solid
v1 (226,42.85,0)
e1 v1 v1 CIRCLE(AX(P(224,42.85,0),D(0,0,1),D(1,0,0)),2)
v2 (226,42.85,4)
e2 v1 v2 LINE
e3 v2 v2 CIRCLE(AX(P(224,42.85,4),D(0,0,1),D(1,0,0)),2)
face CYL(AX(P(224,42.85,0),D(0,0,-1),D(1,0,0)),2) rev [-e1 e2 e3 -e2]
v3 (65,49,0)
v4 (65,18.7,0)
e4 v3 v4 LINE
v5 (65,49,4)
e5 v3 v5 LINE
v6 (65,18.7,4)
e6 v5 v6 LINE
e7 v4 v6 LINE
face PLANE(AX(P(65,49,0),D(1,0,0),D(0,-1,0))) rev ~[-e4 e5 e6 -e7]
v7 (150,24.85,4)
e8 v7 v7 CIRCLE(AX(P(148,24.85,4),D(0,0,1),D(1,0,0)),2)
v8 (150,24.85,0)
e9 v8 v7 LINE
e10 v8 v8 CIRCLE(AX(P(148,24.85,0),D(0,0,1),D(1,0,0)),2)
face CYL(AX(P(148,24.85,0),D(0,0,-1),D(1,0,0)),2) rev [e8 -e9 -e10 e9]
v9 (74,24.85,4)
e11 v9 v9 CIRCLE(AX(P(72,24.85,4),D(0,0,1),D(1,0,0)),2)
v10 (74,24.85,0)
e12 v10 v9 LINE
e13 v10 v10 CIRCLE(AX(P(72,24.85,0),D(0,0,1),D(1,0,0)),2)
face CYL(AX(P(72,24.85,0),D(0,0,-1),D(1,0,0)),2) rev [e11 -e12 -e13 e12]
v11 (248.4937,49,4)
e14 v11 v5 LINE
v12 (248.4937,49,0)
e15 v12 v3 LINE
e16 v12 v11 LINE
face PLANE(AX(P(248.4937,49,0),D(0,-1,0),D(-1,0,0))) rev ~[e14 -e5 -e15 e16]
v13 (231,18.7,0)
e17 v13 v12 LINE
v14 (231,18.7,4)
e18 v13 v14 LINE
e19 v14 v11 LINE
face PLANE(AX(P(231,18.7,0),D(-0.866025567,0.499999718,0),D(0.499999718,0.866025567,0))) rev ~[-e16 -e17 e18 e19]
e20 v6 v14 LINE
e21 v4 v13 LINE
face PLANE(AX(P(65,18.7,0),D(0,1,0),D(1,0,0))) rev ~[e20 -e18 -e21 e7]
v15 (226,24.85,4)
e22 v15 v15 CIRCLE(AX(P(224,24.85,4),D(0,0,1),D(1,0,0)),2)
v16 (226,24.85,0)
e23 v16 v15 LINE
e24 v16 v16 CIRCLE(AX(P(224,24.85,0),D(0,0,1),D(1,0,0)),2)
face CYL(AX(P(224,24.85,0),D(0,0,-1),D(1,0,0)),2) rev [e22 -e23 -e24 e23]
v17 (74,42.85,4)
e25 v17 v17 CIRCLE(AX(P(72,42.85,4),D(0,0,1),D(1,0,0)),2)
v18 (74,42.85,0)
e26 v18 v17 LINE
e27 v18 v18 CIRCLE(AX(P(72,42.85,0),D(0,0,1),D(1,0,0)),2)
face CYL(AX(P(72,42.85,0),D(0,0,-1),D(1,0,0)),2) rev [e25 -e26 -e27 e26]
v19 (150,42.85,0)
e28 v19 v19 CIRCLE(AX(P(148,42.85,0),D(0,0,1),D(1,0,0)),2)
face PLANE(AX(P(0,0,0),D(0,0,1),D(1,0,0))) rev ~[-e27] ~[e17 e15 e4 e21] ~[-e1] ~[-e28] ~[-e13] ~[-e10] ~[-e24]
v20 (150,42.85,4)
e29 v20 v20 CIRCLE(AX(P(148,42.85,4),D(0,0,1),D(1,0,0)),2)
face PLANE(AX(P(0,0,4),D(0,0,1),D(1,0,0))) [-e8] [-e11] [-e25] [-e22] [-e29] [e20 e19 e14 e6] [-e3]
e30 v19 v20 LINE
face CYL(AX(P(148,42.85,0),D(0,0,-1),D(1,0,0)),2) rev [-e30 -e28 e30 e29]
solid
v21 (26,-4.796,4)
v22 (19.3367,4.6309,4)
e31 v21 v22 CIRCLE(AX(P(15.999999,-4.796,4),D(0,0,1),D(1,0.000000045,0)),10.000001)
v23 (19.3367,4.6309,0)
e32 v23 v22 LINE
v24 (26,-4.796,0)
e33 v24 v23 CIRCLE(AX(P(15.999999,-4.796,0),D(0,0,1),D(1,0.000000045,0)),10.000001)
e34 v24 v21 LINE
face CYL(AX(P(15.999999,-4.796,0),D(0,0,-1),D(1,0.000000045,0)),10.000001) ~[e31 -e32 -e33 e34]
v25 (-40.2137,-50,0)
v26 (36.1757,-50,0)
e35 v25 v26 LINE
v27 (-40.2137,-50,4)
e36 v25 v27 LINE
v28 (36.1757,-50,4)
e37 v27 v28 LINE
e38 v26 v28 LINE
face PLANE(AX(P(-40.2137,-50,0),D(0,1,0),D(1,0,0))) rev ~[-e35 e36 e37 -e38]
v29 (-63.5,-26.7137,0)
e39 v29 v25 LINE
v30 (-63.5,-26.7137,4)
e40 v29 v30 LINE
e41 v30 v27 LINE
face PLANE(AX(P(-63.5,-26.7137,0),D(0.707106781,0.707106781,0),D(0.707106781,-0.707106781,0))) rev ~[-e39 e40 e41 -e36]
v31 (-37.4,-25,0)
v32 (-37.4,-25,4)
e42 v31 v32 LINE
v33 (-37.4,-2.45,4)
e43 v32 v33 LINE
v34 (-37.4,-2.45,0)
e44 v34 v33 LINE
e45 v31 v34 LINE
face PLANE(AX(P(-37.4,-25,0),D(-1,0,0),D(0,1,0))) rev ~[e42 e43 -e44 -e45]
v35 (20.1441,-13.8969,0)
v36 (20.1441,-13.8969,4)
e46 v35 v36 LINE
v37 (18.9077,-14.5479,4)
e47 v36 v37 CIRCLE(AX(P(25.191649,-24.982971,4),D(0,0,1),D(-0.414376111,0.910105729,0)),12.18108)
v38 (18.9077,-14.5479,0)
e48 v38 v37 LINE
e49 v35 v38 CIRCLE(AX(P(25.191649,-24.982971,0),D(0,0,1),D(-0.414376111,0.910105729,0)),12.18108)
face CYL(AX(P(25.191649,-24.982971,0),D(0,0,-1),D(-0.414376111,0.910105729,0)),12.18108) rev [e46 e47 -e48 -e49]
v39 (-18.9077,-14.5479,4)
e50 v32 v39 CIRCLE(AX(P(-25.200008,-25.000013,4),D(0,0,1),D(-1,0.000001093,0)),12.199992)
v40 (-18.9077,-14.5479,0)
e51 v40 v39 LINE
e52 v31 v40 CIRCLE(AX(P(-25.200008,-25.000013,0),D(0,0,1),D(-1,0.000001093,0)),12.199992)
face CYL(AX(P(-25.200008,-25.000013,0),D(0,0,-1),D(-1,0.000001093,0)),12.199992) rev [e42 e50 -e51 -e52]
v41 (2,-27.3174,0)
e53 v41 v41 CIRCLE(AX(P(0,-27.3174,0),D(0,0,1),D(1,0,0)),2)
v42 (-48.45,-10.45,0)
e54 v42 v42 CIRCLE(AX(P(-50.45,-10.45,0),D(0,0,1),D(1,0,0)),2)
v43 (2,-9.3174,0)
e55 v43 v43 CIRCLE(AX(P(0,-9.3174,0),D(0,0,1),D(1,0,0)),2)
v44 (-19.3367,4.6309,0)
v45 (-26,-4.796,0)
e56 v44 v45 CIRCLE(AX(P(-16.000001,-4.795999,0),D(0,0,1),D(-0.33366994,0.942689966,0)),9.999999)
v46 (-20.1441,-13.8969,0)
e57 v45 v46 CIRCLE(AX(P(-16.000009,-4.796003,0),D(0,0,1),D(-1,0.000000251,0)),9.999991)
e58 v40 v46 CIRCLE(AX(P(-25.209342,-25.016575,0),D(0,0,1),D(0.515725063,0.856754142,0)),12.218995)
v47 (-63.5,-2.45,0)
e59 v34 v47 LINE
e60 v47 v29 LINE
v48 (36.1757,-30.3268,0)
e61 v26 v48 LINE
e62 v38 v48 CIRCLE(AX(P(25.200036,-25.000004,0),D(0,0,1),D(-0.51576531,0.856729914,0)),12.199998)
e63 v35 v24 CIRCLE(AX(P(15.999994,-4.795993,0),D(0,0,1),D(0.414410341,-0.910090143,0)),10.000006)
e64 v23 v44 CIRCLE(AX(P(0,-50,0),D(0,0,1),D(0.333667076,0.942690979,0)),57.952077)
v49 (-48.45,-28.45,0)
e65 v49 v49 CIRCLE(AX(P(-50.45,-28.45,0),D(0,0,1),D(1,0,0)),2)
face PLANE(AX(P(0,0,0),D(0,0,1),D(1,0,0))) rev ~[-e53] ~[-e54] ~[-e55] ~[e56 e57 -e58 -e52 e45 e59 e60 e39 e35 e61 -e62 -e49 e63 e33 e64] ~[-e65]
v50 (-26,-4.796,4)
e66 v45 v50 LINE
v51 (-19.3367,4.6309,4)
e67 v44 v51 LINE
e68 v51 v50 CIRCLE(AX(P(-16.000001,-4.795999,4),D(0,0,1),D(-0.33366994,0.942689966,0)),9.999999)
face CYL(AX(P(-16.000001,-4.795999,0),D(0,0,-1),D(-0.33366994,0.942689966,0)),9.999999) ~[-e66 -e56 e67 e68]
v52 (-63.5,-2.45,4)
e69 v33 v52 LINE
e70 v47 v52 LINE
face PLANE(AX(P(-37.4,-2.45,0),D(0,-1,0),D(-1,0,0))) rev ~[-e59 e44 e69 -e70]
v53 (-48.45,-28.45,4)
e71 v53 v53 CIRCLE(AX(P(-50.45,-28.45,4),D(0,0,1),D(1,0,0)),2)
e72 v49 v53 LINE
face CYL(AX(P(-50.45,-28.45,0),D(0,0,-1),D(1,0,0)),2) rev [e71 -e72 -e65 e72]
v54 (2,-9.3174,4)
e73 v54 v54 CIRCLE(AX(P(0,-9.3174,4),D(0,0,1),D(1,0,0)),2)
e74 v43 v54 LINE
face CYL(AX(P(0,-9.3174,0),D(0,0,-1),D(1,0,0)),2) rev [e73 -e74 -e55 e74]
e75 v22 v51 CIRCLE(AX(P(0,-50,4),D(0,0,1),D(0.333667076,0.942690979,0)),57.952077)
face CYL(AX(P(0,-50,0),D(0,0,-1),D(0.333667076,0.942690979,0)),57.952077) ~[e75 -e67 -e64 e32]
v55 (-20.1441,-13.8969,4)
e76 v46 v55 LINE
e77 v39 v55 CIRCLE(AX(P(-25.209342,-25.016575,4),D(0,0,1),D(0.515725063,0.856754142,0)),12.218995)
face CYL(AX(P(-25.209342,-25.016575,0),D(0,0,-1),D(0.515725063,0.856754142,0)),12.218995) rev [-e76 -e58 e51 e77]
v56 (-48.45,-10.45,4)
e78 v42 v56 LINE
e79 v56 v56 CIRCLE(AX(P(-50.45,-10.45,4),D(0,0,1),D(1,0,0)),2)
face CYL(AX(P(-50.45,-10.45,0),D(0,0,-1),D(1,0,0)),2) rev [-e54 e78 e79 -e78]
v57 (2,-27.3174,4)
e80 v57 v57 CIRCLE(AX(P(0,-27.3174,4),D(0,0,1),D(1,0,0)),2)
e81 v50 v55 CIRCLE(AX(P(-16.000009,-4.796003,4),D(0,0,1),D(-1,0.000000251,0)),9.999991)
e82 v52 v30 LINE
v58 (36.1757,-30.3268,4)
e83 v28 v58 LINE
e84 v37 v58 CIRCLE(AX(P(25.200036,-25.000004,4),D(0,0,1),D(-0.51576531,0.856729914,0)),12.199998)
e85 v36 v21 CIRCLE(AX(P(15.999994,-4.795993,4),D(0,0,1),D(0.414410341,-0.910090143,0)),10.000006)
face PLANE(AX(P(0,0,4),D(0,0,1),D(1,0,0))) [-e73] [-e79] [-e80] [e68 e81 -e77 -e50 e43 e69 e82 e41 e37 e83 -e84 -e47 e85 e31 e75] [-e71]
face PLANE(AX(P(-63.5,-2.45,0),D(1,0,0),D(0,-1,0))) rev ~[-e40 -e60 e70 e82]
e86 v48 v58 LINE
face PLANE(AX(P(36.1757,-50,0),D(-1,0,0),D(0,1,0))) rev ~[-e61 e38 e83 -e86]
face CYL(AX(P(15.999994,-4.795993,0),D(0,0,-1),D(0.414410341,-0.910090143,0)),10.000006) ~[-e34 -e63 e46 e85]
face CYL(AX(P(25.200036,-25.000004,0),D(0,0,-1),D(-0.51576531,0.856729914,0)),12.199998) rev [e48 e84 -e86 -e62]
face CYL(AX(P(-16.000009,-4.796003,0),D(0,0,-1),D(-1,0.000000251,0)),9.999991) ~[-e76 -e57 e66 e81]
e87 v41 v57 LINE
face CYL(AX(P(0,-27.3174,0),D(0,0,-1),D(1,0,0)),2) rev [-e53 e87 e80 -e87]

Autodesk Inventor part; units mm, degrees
ref_plane "YZ Plane" through (0, 0, 0) normal (1, 0, 0) x (0, 1, 0)
ref_plane "XZ Plane" through (0, 0, 0) normal (0, 1, 0) x (-1, 0, 0)
ref_plane "XY Plane" through (0, 0, 0) normal (0, 0, 1) x (1, 0, 0)
sketch "Boceto1" plane through (0, 0, 0) normal (0, 0, 1) x (1, 0, 0)
  circle A0 centre (224, 42.85) radius 2 projected
  circle A1 centre (72, 42.85) radius 2 projected
  circle A2 centre (0, -9.3174) radius 2 projected
  circle A3 centre (-50.45, -10.45) radius 2 projected
  circle A4 centre (224, 24.85) radius 2 projected
  circle A5 centre (72, 24.85) radius 2 projected
  circle A6 centre (0, -27.3174) radius 2 projected
  circle A7 centre (-50.45, -28.45) radius 2 projected
  arc A8 (18.9077, -14.5479) -> (36.1757, -30.3268) centre (25.2, -25) ccw projected
  arc A9 (-37.4, -25) -> (-18.9077, -14.5479) centre (-25.2, -25) ccw projected
  arc A10 (20.1441, -13.8969) -> (26, -4.796) centre (16, -4.796) ccw projected
  arc A11 (-26, -4.796) -> (-20.1441, -13.8969) centre (-16, -4.796) ccw projected
  arc A12 (20.1441, -13.8969) -> (18.9077, -14.5479) centre (25.2, -25) ccw
  arc A13 (-18.9077, -14.5479) -> (-20.1441, -13.8969) centre (-25.2, -25) ccw
  arc A14 (-19.3367, 4.6309) -> (-26, -4.796) centre (-16, -4.796) ccw
  arc A15 (19.3367, 4.6309) -> (-19.3367, 4.6309) centre (0, -50) ccw
  arc A16 (26, -4.796) -> (19.3367, 4.6309) centre (16, -4.796) ccw
  line L0 (-37.4, -25) -> (-37.4, -2.45)
  line L1 (-37.4, -2.45) -> (-63.5, -2.45)
  line L2 (-63.5, -2.45) -> (-63.5, -26.7137)
  line L3 (-40.2137, -50) -> (36.1757, -50)
  line L4 (36.1757, -50) -> (36.1757, -30.3268)
  line L5 (-63.5, -26.7137) -> (-40.2137, -50)
  line L6 (276.8, -56) -> (-78.2, -56) projected
  circle A17 centre (148, 42.85) radius 2 projected
  circle A18 centre (148, 24.85) radius 2 projected
  line L7 (248.4937, 49) -> (65, 49)
  line L8 (65, 49) -> (65, 18.7)
  line L9 (65, 18.7) -> (231, 18.7)
  line L10 (231, 18.7) -> (248.4937, 49)
  line L11 (-78.2, 56) -> (276.8, 56) projected
  line L12 (72, 24.85) -> (72, 42.85) construction
  point P0 (0, 0)
  point P1 (-50.45, -2.45)
  point P2 (72, 33.85)
  point P3 (65, 33.85)
  point P4 (148, 18.7)
  dimension "d0" = 13.05
  dimension "d1" = 45
  dimension "d2" = 6
  dimension "d3" = 8
  dimension "d4" = 6
  dimension "d5" = 7
  dimension "d6" = 120
  dimension "d7" = 5
extrude "Extrusión1" add sketch "Boceto1" along normal blind 4
properties part number "cierre carcasa"
